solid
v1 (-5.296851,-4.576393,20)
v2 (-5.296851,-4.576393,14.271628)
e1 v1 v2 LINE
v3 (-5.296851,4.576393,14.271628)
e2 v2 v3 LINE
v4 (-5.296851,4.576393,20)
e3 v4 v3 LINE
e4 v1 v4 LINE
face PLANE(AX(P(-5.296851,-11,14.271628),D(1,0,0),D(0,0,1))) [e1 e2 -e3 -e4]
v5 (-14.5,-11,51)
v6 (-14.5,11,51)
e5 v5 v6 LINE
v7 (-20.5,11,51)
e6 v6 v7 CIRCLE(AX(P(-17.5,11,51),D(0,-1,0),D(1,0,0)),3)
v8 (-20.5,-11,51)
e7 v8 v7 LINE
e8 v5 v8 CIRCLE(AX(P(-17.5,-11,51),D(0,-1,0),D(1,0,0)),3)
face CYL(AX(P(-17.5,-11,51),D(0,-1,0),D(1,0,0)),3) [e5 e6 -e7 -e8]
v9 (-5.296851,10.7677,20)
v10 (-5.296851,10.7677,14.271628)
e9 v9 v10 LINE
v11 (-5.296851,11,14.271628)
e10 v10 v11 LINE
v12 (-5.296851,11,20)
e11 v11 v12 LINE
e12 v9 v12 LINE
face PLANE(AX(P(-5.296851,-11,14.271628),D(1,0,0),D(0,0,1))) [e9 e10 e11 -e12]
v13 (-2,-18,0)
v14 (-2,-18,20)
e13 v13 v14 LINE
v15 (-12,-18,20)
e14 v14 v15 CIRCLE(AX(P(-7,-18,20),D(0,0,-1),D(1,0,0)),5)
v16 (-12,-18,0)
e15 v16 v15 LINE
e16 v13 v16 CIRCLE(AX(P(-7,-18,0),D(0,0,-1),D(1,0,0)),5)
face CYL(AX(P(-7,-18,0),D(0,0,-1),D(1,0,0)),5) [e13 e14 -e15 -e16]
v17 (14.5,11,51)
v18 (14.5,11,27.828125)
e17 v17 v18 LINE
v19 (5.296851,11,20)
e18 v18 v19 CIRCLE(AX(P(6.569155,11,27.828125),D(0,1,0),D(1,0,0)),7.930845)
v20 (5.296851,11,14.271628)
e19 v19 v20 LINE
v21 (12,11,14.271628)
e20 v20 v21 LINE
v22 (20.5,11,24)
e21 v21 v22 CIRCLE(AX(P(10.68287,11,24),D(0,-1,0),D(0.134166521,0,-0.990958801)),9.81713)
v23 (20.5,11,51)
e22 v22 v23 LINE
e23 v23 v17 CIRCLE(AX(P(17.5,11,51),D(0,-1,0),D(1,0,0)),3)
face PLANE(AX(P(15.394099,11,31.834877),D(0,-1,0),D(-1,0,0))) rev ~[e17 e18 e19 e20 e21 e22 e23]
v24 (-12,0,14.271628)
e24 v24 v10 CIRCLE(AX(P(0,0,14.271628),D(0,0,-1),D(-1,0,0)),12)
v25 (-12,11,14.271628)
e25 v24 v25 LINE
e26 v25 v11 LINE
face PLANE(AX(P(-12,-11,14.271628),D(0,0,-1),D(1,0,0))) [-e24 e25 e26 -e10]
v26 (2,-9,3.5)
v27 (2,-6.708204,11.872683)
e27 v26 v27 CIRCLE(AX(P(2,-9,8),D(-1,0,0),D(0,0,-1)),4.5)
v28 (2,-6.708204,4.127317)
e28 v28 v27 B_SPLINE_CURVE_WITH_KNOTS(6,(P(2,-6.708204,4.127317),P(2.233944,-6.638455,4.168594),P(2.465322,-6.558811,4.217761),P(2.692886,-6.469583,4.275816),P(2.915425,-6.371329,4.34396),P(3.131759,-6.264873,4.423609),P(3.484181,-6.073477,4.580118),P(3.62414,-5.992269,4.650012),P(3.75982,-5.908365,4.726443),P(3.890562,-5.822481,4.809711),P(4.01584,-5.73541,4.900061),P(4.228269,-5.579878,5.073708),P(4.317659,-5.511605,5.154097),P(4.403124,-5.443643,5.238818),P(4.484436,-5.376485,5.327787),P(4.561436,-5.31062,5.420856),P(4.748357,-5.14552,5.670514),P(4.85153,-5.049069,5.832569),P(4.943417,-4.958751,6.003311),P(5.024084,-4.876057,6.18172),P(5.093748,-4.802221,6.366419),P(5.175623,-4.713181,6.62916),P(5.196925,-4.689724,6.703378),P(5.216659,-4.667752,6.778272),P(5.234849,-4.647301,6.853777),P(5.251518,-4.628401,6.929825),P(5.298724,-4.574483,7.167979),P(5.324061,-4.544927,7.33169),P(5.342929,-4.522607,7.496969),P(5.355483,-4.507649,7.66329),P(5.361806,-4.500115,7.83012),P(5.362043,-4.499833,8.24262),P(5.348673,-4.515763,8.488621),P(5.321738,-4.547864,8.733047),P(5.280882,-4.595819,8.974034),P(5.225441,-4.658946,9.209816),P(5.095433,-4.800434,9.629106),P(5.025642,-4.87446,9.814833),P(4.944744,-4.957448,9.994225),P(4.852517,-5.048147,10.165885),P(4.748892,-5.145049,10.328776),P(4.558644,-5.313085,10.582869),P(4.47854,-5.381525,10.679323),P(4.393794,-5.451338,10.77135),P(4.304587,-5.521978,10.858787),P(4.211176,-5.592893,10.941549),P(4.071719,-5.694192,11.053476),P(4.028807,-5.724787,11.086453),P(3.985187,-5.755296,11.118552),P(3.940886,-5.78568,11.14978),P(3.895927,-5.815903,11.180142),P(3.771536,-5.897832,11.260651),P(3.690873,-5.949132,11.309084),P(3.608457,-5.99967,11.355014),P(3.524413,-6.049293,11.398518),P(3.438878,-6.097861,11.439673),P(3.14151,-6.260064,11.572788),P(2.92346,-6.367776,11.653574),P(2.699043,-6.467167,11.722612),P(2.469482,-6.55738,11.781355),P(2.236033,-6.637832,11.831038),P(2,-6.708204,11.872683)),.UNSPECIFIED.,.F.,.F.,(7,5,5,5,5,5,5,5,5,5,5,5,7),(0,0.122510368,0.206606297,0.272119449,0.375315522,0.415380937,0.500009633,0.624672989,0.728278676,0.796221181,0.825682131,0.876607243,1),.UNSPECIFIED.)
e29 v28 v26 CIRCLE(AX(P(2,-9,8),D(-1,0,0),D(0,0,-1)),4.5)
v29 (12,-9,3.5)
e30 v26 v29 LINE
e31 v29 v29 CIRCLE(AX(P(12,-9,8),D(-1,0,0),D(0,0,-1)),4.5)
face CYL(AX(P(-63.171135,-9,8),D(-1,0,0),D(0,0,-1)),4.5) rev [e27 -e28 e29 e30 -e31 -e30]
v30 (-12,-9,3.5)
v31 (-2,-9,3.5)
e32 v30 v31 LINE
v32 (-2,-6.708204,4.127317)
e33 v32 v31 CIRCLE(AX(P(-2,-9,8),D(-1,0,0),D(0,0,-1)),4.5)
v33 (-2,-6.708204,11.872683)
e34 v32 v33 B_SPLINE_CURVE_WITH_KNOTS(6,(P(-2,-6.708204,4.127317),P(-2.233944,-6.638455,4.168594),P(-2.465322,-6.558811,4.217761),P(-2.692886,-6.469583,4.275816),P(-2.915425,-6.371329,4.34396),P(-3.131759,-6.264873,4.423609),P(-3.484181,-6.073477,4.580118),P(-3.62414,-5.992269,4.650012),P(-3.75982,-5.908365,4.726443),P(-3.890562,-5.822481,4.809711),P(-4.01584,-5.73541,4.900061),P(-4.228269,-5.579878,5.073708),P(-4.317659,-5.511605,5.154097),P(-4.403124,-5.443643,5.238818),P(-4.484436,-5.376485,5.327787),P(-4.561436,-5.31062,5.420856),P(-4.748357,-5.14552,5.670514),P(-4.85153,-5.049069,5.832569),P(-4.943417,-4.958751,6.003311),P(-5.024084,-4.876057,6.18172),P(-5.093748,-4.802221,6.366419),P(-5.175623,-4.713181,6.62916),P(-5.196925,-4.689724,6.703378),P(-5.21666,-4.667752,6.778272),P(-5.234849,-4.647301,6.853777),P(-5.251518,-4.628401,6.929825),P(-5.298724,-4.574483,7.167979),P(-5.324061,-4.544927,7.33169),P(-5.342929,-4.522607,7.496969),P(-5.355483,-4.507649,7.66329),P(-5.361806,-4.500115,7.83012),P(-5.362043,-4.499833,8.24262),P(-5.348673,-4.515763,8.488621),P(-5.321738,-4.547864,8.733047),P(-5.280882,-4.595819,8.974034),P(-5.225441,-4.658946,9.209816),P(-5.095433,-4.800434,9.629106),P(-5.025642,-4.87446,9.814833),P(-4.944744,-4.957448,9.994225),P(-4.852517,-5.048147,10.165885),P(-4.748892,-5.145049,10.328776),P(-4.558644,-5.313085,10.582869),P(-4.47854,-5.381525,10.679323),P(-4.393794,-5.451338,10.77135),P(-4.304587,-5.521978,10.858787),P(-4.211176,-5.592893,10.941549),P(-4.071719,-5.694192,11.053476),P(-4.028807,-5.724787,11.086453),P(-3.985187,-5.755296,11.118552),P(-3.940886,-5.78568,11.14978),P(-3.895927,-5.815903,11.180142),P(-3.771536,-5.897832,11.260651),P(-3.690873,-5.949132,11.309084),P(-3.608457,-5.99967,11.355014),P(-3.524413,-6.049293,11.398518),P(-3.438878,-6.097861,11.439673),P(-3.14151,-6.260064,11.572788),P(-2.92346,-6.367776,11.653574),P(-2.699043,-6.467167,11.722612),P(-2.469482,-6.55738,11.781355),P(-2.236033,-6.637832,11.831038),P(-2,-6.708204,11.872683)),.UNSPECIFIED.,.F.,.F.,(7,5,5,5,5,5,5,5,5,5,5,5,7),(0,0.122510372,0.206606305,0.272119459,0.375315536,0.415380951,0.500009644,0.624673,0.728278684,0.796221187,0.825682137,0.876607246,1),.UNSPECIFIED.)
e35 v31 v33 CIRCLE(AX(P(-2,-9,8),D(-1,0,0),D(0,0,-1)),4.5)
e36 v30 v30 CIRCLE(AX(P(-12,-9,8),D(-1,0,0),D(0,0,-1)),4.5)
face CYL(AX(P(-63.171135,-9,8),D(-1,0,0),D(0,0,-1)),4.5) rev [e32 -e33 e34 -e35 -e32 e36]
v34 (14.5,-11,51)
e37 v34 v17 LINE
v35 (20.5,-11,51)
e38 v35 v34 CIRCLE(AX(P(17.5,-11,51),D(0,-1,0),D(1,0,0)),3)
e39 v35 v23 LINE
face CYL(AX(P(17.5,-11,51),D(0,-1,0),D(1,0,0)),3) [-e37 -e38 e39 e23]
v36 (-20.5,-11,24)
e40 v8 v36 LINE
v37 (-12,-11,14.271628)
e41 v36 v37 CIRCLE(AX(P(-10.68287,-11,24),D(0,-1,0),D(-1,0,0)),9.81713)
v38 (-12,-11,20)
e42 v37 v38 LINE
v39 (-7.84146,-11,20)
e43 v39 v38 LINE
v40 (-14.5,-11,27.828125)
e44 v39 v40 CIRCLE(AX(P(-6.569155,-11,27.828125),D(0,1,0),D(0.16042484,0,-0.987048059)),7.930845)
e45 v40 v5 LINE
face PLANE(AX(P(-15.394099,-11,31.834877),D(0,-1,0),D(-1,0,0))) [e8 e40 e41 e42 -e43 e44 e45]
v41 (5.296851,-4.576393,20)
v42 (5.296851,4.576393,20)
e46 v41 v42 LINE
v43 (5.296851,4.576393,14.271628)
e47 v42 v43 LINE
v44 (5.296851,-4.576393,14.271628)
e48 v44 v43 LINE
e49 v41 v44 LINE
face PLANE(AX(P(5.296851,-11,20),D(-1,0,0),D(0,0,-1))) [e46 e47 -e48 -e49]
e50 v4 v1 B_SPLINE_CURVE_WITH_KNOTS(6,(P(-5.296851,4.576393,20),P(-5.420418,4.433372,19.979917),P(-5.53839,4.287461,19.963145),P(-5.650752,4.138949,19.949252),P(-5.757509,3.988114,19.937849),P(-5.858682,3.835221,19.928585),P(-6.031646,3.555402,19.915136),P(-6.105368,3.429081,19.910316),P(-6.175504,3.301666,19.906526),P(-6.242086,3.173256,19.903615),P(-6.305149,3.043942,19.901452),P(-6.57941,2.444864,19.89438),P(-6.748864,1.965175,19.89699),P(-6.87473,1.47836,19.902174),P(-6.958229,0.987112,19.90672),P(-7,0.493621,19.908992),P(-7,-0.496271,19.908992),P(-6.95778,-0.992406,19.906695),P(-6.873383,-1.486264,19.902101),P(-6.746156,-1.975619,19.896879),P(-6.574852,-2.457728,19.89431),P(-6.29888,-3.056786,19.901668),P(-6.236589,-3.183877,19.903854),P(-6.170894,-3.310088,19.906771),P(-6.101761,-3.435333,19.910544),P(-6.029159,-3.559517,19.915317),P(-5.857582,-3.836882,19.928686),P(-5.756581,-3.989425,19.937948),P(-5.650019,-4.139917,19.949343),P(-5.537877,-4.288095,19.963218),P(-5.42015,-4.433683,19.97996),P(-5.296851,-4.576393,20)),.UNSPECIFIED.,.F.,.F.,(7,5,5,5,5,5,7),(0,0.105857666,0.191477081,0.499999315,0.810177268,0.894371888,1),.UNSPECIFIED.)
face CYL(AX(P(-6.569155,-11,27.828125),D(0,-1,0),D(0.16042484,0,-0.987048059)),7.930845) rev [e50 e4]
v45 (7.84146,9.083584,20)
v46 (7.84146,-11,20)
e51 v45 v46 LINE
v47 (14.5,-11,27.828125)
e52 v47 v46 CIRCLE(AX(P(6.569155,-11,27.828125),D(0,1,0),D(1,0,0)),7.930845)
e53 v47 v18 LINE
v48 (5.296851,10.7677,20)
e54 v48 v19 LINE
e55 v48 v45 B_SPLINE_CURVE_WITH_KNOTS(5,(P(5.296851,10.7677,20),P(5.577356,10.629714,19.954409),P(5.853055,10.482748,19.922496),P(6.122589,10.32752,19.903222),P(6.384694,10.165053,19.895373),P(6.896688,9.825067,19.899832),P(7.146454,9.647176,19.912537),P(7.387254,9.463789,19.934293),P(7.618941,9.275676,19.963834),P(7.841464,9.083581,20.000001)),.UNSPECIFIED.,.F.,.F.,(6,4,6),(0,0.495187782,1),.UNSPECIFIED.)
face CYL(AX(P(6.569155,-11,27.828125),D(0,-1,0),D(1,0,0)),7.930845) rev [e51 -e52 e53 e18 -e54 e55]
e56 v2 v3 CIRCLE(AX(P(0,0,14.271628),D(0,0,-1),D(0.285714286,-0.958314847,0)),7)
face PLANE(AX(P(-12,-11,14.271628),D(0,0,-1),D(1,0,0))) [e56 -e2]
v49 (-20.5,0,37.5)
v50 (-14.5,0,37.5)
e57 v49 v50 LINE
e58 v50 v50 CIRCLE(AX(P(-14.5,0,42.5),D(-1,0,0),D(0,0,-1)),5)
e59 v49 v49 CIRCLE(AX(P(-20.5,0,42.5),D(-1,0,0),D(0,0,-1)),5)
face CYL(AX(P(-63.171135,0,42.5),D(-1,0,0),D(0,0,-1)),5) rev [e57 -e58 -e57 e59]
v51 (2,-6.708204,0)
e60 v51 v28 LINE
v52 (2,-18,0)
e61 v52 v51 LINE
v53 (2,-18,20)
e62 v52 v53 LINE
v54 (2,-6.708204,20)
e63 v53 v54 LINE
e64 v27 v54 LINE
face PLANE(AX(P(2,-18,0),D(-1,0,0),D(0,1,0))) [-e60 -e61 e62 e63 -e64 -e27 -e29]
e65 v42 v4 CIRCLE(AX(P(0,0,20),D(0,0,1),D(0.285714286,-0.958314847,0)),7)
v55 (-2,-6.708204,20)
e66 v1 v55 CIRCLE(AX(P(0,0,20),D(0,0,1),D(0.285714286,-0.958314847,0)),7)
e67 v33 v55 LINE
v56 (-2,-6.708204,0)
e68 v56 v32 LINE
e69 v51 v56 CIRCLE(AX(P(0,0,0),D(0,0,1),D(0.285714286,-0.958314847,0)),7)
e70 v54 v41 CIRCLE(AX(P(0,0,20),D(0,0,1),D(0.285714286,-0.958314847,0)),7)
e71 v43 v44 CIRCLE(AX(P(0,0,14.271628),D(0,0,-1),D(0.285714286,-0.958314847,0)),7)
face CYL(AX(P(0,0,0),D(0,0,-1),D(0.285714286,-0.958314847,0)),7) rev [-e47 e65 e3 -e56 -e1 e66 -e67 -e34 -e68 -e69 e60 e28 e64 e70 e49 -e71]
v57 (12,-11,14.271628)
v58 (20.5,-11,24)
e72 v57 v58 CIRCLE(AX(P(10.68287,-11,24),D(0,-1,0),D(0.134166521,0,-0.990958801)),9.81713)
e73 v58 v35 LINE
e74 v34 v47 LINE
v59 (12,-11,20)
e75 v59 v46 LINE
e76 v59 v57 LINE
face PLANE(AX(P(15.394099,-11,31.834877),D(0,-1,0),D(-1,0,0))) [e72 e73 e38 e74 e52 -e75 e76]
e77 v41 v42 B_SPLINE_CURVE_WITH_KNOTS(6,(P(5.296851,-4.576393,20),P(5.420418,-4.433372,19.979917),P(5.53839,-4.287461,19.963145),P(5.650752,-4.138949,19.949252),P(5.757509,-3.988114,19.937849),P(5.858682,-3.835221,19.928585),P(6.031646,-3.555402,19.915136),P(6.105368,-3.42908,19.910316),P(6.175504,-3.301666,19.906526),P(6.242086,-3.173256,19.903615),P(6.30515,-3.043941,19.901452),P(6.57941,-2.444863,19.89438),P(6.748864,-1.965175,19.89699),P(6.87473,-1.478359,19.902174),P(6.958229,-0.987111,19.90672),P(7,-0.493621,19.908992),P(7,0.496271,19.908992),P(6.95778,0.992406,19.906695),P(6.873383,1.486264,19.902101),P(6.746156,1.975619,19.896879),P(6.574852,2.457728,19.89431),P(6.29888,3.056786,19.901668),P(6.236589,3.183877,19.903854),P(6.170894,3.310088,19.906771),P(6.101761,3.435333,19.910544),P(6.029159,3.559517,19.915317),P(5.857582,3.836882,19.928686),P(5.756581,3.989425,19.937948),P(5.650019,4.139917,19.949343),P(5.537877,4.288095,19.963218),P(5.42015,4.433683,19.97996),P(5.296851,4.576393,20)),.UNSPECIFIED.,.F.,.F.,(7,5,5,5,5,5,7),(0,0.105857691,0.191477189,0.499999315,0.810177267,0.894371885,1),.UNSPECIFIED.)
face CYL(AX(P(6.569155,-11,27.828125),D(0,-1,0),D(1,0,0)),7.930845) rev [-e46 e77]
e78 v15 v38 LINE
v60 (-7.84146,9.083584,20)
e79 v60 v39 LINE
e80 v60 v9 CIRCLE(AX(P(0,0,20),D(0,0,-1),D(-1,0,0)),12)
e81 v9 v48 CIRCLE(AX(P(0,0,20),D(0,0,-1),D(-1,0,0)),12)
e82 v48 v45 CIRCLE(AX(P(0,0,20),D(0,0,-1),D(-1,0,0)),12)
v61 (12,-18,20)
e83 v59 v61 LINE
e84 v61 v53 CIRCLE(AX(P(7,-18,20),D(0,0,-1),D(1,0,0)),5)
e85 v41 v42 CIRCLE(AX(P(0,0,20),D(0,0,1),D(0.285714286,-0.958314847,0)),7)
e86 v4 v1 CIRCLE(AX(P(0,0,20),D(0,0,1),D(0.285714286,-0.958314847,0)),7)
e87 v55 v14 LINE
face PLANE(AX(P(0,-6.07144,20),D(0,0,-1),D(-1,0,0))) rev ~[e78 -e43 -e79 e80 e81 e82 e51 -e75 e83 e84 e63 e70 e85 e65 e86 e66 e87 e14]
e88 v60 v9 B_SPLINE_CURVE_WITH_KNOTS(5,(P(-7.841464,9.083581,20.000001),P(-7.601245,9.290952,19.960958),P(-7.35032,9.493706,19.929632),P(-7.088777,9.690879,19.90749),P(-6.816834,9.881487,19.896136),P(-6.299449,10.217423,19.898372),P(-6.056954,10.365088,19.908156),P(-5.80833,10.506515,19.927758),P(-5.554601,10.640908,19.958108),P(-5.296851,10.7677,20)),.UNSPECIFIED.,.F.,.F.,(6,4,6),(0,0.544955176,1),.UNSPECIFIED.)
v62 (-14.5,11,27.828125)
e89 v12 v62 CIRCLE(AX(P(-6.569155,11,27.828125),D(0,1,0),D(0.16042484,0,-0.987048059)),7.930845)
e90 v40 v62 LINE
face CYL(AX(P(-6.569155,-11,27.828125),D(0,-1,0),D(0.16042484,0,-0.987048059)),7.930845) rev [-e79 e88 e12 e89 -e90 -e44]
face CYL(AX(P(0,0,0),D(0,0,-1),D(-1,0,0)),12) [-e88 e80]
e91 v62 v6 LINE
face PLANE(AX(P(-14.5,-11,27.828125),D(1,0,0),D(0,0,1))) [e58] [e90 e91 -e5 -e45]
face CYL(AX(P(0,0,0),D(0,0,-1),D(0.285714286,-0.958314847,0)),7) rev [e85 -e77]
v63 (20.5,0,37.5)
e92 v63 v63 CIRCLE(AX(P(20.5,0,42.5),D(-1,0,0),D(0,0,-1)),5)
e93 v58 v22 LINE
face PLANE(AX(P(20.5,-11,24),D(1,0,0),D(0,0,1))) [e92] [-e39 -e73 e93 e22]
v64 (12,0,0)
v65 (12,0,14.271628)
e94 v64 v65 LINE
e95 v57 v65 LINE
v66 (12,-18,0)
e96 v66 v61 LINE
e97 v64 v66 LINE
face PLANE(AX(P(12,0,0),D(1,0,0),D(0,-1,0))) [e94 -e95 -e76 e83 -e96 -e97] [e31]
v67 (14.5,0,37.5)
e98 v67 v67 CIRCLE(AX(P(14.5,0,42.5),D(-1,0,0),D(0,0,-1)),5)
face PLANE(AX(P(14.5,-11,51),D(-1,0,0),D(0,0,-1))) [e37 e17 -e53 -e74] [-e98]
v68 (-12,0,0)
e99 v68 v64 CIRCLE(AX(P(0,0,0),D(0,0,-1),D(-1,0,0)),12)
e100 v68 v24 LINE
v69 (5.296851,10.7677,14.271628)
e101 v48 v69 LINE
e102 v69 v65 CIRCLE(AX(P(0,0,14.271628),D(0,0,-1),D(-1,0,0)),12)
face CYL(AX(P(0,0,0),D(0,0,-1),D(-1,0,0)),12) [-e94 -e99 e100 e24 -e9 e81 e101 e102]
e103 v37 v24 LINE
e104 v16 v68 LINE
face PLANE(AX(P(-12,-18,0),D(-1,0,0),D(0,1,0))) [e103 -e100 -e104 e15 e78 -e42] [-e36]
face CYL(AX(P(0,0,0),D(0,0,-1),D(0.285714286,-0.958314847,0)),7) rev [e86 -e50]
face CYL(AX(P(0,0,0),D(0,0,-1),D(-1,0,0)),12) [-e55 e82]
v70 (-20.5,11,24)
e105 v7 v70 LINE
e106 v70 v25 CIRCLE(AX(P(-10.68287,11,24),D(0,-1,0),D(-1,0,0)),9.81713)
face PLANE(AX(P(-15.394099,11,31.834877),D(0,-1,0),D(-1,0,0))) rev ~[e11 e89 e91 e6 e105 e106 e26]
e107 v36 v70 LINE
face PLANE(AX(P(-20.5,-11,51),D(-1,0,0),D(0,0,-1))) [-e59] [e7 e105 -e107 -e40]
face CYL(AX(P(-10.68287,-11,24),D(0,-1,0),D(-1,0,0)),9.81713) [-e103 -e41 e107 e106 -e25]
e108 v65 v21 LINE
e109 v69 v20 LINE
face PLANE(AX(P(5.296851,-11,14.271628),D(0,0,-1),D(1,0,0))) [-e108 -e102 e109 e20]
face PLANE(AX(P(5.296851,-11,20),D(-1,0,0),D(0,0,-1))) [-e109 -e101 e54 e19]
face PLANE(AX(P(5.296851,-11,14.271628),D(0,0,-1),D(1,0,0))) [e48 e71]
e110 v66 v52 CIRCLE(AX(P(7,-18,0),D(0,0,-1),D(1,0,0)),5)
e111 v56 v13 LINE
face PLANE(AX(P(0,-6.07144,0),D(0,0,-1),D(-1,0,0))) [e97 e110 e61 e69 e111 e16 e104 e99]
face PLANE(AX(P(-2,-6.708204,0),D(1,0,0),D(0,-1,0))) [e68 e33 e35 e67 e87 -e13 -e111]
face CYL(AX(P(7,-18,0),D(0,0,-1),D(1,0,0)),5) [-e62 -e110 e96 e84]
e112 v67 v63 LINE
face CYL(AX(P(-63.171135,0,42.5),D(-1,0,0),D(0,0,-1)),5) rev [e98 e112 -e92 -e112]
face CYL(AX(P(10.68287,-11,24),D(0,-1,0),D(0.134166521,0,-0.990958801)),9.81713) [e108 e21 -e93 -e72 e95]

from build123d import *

# Parameters (mm, degrees)
BOSS_EXTRUDE1_DEPTH      = 20
BOSS_EXTRUDE2_DEPTH      = 11
BOSS_EXTRUDE2_DEPTH_BACK = 11
CUT_EXTRUDE1_DEPTH       = 63.171134781
CUT_EXTRUDE1_DEPTH_BACK  = 63.171134781
SKETCH3_R                = 5
SKETCH3_R_2              = 4.5


with BuildPart() as part:
    # Sketch1 → Boss-Extrude1 (new body)
    with BuildSketch(Plane.XY):
        with BuildLine():
            Line((-12, -18), (-12, 0))
            ThreePointArc((-12, 0), (0, 12), (12, 0))
            Line((12, 0), (12, -18))
            ThreePointArc((12, -18), (7, -23), (2, -18))
            Line((2, -18), (2, -6.708203932))
            ThreePointArc((2, -6.708203932), (0, 7), (-2, -6.708203932))
            Line((-2, -6.708203932), (-2, -18))
            ThreePointArc((-2, -18), (-7, -23), (-12, -18))
        make_face()
    extrude(amount=BOSS_EXTRUDE1_DEPTH)

    # Sketch2 → Boss-Extrude2 (add, two sides: drawn at the far end of the back side and taken through both)
    with BuildSketch(Plane(origin=(0, 0, 0), x_dir=(1, 0, 0), z_dir=(0, 1, 0)).offset(-BOSS_EXTRUDE2_DEPTH_BACK)):
        with BuildLine():
            Line((-20.5, -51), (-20.5, -24))
            ThreePointArc((-20.5, -24), (-18.075652903, -17.540680891), (-12, -14.271628429))
            Line((-12, -14.271628429), (-5.296851039, -14.271628429))
            Line((-5.296851039, -14.271628429), (-5.296851039, -20))
            ThreePointArc((-5.296851039, -20), (-11.707630257, -21.787067507), (-14.5, -27.828124672))
            Line((-14.5, -27.828124672), (-14.5, -51))
            ThreePointArc((-14.5, -51), (-17.5, -54), (-20.5, -51))
        make_face()
        with BuildLine():
            Line((14.5, -51), (14.5, -27.828124672))
            ThreePointArc((14.5, -27.828124672), (11.707630257, -21.787067507), (5.296851039, -20))
            Line((5.296851039, -20), (5.296851039, -14.271628429))
            Line((5.296851039, -14.271628429), (12, -14.271628429))
            ThreePointArc((12, -14.271628429), (18.075652903, -17.540680891), (20.5, -24))
            Line((20.5, -24), (20.5, -51))
            ThreePointArc((20.5, -51), (17.5, -54), (14.5, -51))
        make_face()
    extrude(amount=BOSS_EXTRUDE2_DEPTH + BOSS_EXTRUDE2_DEPTH_BACK)

    # Sketch3 → Cut-Extrude1 (cut, two sides: drawn at the far end of the back side and taken through both)
    with BuildSketch(Plane(origin=(0, 0, 0), x_dir=(0, 0, -1), z_dir=(1, 0, 0)).offset(-CUT_EXTRUDE1_DEPTH_BACK)):
        with Locations((-42.5, 0)):
            Circle(SKETCH3_R)
        with Locations((-8, -9)):
            Circle(SKETCH3_R_2)
    extrude(amount=CUT_EXTRUDE1_DEPTH + CUT_EXTRUDE1_DEPTH_BACK, mode=Mode.SUBTRACT)


solid = part.part
